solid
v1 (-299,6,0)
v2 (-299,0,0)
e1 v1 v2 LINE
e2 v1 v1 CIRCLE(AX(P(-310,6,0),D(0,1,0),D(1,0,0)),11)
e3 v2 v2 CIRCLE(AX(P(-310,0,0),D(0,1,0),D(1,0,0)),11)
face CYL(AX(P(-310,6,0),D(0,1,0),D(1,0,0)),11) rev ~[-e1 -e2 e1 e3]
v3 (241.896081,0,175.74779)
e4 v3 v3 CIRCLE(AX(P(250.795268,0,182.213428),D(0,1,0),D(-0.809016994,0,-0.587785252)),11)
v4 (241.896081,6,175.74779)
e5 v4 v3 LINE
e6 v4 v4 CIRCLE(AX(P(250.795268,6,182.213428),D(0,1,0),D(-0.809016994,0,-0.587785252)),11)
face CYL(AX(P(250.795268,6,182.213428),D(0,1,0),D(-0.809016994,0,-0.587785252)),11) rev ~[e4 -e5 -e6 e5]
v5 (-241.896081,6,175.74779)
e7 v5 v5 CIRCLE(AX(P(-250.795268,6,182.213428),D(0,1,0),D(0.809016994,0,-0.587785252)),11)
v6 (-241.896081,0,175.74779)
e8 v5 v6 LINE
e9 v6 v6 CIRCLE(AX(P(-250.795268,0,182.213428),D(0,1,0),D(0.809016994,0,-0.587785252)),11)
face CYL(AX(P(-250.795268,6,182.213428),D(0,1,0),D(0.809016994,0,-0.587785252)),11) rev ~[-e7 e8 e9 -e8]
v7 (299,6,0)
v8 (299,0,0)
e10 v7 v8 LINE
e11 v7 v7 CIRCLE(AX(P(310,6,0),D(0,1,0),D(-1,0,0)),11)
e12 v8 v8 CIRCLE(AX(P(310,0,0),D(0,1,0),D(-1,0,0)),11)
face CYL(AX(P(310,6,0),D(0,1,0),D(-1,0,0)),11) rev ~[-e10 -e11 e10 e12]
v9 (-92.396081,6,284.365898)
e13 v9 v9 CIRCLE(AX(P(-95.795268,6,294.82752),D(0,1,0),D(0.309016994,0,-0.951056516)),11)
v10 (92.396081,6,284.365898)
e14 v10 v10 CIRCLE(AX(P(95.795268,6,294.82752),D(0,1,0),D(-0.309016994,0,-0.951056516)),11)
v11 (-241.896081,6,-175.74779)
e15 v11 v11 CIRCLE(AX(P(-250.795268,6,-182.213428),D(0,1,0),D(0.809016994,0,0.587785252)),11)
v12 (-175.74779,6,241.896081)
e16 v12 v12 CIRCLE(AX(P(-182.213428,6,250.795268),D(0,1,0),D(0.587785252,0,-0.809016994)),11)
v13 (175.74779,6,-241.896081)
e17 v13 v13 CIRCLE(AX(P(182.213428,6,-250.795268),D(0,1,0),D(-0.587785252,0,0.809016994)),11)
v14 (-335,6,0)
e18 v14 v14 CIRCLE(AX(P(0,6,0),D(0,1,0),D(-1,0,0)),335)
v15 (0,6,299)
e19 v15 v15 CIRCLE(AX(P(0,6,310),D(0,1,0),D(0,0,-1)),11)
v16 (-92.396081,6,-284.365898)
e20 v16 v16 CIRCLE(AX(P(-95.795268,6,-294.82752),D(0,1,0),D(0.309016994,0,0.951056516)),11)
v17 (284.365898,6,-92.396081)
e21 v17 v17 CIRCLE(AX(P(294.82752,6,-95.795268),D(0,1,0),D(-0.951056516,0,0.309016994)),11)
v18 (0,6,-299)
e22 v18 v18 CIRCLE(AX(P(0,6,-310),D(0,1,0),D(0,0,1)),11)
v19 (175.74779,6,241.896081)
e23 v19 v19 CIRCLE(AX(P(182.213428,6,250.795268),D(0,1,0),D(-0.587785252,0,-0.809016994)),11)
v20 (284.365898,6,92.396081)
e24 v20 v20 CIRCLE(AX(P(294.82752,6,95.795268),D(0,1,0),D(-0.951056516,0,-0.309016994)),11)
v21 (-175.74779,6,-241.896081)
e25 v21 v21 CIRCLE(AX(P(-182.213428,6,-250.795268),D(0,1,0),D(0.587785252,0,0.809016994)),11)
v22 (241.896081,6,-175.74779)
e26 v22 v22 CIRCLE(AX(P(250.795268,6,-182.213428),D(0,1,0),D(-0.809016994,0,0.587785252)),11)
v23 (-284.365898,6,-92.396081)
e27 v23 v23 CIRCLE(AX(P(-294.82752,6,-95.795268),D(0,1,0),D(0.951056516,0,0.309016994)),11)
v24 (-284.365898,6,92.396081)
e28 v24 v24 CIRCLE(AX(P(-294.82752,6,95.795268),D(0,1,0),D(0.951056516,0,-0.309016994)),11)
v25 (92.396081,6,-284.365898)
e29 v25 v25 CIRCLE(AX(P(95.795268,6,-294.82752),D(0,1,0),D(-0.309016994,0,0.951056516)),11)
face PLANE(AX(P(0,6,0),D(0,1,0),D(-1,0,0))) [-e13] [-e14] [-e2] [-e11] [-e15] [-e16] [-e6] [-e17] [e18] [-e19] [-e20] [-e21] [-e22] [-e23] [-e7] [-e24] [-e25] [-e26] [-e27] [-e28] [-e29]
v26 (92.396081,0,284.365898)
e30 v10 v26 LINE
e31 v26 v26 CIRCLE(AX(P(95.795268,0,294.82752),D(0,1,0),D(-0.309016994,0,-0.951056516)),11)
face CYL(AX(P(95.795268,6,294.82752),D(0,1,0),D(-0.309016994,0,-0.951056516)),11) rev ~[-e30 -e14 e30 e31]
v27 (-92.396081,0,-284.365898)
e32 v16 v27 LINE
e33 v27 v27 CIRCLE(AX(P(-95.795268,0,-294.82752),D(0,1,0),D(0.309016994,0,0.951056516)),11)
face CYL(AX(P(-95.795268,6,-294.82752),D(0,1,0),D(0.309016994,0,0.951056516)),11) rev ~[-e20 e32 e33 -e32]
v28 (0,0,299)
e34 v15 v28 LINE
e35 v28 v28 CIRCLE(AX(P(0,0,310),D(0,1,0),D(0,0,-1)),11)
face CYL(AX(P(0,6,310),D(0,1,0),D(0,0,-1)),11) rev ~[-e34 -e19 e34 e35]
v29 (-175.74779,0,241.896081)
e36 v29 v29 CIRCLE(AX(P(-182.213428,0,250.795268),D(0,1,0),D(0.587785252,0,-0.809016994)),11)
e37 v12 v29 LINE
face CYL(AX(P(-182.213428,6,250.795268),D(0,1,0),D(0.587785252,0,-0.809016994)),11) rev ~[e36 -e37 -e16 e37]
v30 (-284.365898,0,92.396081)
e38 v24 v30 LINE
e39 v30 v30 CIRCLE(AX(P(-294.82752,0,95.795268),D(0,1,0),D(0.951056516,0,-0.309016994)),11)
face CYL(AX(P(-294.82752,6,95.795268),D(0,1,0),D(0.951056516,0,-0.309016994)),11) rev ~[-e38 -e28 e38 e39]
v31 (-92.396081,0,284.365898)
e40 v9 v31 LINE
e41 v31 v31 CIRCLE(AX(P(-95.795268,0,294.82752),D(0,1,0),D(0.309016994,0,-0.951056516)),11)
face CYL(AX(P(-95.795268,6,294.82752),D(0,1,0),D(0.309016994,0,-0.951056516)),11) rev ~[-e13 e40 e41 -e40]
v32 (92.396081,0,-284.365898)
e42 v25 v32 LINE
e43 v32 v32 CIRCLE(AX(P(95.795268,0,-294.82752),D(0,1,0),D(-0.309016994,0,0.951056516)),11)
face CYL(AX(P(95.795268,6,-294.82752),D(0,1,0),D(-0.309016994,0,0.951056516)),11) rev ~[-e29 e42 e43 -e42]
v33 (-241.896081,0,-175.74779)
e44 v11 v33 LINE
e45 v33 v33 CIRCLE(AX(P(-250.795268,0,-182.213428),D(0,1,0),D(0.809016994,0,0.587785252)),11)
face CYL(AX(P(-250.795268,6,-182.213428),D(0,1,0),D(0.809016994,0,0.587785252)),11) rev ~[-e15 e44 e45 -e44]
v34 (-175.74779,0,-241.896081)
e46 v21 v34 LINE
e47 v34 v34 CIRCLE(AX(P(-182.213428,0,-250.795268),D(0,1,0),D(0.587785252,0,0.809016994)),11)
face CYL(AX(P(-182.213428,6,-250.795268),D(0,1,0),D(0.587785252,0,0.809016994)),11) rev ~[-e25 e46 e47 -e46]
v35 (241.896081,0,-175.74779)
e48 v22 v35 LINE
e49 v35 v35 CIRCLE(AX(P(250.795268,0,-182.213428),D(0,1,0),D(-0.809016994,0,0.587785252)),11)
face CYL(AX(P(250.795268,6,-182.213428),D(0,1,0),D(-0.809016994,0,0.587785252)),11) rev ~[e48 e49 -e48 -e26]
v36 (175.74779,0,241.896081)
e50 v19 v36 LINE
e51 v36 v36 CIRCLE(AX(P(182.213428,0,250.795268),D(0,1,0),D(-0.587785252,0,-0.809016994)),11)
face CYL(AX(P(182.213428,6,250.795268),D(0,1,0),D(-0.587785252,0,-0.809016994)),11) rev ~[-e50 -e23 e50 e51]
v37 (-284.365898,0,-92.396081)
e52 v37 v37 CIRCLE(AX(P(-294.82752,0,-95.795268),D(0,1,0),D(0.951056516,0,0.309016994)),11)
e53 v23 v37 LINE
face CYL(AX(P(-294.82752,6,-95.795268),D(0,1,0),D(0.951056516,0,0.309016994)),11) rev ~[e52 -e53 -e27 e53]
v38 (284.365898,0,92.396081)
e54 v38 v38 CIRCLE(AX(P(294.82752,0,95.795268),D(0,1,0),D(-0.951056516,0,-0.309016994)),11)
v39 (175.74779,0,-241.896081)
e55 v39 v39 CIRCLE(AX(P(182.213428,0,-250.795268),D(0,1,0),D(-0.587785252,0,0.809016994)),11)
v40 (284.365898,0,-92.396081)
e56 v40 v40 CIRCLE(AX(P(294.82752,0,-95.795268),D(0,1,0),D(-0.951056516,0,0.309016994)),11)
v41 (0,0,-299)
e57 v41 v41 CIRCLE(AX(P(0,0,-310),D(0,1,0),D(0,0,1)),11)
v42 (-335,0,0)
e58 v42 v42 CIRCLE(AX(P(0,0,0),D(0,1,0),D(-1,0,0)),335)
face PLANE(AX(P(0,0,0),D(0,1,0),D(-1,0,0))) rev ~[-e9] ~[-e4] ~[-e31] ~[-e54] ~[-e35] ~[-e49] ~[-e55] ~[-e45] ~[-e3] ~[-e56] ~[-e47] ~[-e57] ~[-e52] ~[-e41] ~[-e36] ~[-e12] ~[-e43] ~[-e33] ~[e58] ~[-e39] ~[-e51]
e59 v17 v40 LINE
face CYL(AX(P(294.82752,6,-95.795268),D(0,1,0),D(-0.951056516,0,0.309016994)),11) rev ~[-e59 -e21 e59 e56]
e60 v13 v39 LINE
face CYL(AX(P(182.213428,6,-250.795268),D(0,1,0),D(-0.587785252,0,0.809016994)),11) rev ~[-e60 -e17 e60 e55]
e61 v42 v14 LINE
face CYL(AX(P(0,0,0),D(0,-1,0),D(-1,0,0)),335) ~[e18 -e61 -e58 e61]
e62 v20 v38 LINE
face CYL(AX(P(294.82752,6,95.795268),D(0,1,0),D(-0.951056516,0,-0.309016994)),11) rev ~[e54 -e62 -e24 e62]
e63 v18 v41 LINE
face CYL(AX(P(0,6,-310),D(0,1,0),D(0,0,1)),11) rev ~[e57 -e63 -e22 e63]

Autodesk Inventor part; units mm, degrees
ref_plane "YZ Plane" through (0, 0, 0) normal (1, 0, 0) x (0, 1, 0)
ref_plane "XZ Plane" through (0, 0, 0) normal (0, 1, 0) x (-1, 0, 0)
ref_plane "XY Plane" through (0, 0, 0) normal (0, 0, 1) x (1, 0, 0)
sketch "Sketch1" plane through (0, 0, 0) normal (0, 1, 0) x (-1, 0, 0)
  circle A0 centre (0, 0) radius 335
  dimension "d0" = 670
extrude "Extrusion1" add sketch "Sketch1" along normal blind 6
sketch "Sketch2" plane through (0, 6, 0) normal (0, 1, 0) x (1, 0, 0)
  circle A0 centre (-310, 0) radius 11
  circle A1 centre (0, 0) radius 310 construction
  dimension "d4" = 620
  dimension "d3" = 22
extrude "Cut1" cut sketch "Sketch2" against normal blind 12
pattern_circular "Circular Pattern1" count 20 over 360 about axis through (0, 0, 0) along (0, 1, 0) of "Cut1"
equation "\"d6\" = Thickness"
equation "\"BendRadius\" = Thickness"
equation "\"BendReliefWidth\" = Thickness"
equation "\"BendReliefDepth\" = 0.5 * Thickness"
equation "\"CornerReliefSize\" = 4 * Thickness"
equation "\"MinimumRemnant\" = 2 * Thickness"
equation "\"TransitionRadius\" = BendRadius"
equation "\"JacobiRadiusSize\" = BendRadius"
equation "\"GapSize\" = Thickness"
equation "\"d5\" = Thickness"
equation "\"Thickness\" = 12"
properties part number "APN 1412 charging hatch 500mm" material "Steel"
